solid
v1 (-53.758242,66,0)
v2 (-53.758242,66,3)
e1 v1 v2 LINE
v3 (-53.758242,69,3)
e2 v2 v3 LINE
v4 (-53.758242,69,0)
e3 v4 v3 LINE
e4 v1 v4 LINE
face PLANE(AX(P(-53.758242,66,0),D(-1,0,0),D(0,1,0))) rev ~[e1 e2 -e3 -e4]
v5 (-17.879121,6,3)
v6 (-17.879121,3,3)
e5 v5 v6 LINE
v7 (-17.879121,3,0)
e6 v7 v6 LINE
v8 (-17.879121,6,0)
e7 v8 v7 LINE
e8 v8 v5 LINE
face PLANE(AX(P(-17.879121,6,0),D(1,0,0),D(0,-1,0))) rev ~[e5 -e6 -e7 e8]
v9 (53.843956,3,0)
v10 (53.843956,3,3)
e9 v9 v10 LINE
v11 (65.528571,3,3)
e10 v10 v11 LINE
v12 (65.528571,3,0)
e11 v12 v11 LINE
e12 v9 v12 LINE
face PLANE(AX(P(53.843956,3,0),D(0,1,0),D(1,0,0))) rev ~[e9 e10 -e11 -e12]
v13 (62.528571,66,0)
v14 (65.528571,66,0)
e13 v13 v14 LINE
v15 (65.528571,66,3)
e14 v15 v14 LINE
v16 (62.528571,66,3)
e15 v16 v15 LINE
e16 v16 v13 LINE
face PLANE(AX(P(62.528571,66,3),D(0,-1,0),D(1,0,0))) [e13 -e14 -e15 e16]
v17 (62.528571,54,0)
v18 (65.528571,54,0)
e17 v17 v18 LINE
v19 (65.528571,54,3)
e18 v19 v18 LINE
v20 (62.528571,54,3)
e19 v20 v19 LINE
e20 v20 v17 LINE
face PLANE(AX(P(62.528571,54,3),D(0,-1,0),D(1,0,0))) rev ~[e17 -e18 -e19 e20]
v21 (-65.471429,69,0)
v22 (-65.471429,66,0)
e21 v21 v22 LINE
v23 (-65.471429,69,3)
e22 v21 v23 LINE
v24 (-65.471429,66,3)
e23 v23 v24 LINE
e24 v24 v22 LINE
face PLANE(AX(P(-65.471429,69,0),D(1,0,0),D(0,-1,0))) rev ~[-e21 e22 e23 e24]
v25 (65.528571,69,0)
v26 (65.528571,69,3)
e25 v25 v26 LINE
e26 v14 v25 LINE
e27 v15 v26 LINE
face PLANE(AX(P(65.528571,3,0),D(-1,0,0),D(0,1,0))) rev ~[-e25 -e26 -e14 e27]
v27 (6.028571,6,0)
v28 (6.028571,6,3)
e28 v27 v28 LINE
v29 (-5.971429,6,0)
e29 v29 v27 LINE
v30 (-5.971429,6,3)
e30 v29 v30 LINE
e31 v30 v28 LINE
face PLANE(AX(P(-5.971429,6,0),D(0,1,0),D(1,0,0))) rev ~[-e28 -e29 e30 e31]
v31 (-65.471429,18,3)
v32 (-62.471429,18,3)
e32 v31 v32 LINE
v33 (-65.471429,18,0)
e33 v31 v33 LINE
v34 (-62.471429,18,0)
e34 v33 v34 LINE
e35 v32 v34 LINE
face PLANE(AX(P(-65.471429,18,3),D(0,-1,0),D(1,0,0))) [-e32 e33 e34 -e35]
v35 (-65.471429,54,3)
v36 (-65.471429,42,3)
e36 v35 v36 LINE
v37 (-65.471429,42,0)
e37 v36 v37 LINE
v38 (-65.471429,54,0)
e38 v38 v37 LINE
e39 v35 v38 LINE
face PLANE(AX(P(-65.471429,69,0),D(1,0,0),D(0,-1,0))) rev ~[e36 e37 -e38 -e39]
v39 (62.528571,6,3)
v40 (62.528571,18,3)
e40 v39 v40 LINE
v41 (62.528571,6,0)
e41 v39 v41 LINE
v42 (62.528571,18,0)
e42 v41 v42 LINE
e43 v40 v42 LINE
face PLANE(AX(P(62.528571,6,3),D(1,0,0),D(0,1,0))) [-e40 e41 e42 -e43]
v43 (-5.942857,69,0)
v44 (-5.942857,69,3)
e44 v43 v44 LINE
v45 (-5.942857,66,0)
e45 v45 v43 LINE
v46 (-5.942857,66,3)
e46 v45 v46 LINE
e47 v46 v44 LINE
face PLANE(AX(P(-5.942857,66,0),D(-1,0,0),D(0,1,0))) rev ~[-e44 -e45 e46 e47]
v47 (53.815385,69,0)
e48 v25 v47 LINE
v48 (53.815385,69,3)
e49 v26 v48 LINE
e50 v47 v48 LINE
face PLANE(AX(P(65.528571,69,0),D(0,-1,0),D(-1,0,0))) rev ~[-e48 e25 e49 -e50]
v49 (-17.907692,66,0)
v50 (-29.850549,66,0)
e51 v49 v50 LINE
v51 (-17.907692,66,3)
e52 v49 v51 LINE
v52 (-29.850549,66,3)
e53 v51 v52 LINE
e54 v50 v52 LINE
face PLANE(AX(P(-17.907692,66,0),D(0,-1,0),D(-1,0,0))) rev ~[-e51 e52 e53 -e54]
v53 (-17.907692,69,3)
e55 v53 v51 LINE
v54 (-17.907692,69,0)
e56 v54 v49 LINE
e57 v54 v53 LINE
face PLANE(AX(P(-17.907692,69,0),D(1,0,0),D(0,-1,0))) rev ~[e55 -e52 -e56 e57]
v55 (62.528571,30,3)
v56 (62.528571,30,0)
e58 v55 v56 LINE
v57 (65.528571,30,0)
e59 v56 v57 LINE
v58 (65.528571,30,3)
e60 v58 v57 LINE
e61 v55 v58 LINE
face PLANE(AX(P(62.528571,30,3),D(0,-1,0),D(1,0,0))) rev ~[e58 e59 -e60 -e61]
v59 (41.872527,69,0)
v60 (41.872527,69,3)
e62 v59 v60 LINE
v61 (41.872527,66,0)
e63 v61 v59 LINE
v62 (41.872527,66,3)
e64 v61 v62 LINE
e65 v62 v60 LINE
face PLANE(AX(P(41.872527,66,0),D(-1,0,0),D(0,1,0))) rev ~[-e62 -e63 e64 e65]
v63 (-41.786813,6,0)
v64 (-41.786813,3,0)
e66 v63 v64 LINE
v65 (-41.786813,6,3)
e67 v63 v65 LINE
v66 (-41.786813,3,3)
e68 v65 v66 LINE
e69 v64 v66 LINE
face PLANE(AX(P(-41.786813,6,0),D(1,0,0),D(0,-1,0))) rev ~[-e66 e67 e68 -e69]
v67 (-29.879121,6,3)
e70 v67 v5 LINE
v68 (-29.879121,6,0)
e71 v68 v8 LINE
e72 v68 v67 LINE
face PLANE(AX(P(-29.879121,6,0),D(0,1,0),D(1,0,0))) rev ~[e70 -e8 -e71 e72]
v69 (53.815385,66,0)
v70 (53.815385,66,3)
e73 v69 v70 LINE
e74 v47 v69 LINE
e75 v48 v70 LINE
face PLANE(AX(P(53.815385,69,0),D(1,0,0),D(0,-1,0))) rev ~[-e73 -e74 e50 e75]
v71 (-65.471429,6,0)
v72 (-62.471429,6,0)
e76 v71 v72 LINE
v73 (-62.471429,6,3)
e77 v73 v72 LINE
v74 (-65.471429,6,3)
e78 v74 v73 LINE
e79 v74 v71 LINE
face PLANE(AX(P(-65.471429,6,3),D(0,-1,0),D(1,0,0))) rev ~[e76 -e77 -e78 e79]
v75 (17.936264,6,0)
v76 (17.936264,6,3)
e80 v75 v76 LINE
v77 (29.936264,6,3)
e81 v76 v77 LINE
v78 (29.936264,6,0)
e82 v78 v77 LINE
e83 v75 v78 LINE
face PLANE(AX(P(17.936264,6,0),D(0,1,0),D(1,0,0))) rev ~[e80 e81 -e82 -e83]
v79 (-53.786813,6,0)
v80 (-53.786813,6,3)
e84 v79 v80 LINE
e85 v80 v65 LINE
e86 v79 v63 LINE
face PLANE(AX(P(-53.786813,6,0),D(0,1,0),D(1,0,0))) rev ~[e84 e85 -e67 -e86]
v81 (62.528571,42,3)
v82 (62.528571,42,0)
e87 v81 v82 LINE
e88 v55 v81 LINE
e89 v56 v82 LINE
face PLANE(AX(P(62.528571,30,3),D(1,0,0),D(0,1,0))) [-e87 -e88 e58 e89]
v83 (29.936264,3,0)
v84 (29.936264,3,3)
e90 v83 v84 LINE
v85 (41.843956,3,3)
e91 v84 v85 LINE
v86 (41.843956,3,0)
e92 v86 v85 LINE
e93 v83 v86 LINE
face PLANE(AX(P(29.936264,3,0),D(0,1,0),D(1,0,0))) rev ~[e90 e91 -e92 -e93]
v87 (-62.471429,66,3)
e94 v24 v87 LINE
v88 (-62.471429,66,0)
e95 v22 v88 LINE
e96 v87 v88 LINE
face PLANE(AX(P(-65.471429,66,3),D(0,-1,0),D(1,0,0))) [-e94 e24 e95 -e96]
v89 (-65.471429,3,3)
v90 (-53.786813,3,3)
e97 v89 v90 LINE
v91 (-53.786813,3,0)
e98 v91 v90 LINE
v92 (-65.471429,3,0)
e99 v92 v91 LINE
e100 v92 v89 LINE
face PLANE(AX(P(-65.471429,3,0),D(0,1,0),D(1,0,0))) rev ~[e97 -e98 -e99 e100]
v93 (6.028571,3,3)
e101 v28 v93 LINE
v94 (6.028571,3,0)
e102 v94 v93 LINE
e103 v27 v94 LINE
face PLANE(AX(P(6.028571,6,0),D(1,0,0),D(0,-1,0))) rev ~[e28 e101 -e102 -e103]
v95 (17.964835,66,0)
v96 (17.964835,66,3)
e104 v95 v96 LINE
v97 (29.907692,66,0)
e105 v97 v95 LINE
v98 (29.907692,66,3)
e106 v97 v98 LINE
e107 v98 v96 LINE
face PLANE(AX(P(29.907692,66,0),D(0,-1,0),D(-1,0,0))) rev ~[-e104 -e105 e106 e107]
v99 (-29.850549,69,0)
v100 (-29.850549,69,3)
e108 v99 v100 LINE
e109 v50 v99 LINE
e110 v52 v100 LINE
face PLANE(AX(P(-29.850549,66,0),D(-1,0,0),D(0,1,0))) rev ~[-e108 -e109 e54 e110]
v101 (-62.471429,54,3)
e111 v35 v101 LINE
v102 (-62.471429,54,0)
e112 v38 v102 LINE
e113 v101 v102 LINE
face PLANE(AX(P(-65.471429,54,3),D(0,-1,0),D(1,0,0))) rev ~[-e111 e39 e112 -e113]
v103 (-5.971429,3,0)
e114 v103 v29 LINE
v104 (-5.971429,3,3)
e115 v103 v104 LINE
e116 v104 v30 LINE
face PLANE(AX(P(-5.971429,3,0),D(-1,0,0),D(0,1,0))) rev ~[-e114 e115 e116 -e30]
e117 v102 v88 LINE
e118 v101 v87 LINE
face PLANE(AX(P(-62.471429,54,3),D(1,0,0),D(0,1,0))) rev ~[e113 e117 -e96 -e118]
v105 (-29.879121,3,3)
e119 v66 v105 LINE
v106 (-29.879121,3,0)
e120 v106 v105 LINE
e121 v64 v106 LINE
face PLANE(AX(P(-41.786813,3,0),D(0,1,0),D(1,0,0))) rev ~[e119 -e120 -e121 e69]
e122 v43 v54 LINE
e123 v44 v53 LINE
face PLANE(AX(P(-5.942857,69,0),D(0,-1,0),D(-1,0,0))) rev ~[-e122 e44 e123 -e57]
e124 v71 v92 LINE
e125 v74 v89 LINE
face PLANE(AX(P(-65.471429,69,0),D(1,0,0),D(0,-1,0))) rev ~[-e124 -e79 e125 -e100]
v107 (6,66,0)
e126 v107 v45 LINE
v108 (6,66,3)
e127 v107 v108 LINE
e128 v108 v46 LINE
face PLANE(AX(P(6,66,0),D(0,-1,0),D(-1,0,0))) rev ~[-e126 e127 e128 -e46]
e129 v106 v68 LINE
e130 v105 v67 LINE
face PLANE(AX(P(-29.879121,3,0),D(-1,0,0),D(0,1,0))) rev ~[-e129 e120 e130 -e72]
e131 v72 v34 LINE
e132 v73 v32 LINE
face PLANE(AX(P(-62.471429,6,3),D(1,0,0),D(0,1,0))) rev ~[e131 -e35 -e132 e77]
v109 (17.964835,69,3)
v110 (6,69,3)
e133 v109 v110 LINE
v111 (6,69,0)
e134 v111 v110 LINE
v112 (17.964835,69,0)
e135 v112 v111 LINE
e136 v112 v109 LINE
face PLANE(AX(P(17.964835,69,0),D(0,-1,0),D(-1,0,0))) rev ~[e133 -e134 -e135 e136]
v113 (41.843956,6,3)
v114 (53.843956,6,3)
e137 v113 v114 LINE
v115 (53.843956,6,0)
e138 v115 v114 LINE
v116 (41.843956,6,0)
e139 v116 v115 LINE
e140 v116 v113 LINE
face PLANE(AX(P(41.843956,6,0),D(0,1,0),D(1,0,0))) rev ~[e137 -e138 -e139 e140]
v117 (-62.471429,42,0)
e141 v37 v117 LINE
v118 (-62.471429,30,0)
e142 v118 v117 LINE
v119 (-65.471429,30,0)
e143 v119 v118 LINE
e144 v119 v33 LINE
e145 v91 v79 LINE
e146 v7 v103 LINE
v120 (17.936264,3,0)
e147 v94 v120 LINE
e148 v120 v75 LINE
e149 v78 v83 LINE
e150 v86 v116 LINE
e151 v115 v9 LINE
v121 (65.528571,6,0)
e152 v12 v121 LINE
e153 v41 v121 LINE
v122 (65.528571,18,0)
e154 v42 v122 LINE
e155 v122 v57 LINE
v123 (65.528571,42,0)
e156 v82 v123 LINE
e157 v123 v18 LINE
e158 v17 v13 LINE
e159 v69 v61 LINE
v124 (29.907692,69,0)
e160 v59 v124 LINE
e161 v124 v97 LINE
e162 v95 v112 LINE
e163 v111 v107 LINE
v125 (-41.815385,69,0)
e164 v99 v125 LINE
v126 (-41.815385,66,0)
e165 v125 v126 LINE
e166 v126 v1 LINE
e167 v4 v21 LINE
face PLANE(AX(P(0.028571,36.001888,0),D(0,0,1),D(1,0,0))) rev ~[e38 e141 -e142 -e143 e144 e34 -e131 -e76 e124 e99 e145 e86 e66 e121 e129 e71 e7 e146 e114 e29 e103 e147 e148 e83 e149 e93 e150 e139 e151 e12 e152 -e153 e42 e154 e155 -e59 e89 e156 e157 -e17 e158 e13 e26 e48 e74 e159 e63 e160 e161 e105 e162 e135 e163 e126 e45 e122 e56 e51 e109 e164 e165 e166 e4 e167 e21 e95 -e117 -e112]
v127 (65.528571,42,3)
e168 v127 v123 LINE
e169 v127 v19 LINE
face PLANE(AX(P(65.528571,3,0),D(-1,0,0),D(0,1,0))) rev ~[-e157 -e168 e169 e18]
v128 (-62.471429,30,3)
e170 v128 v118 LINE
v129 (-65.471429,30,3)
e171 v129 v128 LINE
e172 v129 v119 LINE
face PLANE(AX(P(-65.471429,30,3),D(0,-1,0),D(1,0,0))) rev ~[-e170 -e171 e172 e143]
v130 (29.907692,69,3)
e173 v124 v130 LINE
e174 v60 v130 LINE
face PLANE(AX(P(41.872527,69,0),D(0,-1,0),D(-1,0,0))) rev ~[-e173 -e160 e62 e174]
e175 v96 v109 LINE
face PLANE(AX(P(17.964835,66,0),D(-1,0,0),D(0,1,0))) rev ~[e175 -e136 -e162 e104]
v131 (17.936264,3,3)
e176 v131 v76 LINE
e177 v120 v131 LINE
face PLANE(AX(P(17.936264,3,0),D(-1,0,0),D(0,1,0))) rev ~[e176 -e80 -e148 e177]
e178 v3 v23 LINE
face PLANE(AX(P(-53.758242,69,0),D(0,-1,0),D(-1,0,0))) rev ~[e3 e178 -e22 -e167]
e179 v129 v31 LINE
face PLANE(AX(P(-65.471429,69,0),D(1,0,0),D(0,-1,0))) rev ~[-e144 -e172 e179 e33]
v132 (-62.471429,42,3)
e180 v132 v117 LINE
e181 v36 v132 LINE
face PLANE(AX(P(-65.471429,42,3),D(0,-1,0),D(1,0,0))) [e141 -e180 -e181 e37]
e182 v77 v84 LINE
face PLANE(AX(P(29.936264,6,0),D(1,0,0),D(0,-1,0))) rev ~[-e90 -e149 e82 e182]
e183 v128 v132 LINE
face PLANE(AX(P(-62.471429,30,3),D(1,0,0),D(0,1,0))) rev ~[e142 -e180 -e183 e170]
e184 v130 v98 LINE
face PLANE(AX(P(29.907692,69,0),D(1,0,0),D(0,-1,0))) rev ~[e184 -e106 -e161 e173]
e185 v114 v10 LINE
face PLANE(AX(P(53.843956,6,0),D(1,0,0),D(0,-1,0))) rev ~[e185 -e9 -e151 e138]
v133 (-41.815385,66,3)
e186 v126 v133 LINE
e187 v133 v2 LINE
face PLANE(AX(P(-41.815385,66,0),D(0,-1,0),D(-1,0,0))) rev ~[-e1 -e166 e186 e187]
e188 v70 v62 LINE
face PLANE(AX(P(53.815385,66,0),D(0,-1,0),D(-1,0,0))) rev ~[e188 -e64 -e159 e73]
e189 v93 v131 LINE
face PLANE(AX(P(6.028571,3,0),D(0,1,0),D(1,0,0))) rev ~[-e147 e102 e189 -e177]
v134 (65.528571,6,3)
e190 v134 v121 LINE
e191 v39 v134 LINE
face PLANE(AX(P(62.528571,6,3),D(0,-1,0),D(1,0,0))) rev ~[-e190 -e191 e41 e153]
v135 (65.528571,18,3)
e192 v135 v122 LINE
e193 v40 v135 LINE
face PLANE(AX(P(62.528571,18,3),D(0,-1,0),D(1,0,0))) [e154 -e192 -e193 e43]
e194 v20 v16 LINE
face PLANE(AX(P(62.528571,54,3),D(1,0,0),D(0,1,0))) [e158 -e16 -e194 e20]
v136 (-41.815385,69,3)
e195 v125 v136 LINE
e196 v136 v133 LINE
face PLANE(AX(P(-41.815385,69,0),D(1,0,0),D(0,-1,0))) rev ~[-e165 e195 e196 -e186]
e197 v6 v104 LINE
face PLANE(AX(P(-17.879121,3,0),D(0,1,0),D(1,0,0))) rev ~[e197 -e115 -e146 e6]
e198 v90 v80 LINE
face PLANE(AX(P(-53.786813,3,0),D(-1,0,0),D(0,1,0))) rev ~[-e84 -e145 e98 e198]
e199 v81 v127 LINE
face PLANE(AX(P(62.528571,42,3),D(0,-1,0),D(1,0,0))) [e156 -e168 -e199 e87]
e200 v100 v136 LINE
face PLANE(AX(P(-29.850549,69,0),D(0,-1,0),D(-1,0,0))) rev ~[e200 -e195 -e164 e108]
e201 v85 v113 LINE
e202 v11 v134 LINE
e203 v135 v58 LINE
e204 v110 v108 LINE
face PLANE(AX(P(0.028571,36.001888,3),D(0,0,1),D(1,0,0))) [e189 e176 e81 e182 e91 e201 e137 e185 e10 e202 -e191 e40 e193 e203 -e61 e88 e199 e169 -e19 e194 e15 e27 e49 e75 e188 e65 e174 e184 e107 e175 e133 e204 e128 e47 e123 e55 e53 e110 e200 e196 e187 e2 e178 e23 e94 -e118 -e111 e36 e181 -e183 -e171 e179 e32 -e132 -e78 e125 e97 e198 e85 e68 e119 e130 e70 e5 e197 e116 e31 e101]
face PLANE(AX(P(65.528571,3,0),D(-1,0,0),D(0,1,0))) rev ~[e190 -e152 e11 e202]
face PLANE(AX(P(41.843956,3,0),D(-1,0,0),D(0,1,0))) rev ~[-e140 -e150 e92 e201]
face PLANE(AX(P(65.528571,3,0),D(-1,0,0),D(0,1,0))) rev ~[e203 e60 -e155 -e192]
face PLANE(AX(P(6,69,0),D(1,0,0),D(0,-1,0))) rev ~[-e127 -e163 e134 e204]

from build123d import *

# Parameters (mm, degrees)
BOSS_EXTRUDE1_DEPTH = 3
SKETCH3_W           = 3
SKETCH3_H           = 12
CUT_EXTRUDE1_DEPTH  = 6


with BuildPart() as part:
    # Sketch2 → Boss-Extrude1 (new body)
    with BuildSketch(Plane.XY):
        Polygon((-65.471428571, 3), (-53.786813187, 3), (-53.786813187, 6), (-41.786813187, 6), (-41.786813187, 3), (-29.879120879, 3), (-29.879120879, 6), (-17.879120879, 6), (-17.879120879, 3), (-5.971428571, 3), (-5.971428571, 6), (6.028571429, 6), (6.028571429, 3), (17.936263736, 3), (17.936263736, 6), (29.936263736, 6), (29.936263736, 3), (41.843956044, 3), (41.843956044, 6), (53.843956044, 6), (53.843956044, 3), (65.528571429, 3), (65.528571429, 69), (53.815384615, 69), (53.815384615, 66), (41.872527473, 66), (41.872527473, 69), (29.907692308, 69), (29.907692308, 66), (17.964835165, 66), (17.964835165, 69), (6, 69), (6, 66), (-5.942857143, 66), (-5.942857143, 69), (-17.907692308, 69), (-17.907692308, 66), (-29.850549451, 66), (-29.850549451, 69), (-41.815384615, 69), (-41.815384615, 66), (-53.758241758, 66), (-53.758241758, 69), (-65.471428571, 69), align=None)
    extrude(amount=BOSS_EXTRUDE1_DEPTH)

    # Sketch3 → Cut-Extrude1 (cut)
    with BuildSketch(Plane.XY.offset(3)):
        with Locations((-63.971428571, 60)):
            Rectangle(SKETCH3_W, SKETCH3_H)
        with Locations((-63.971428571, 12)):
            Rectangle(SKETCH3_W, SKETCH3_H)
        with Locations((64.028571429, 36)):
            Rectangle(SKETCH3_W, SKETCH3_H)
        with Locations((64.028571429, 12)):
            Rectangle(SKETCH3_W, SKETCH3_H)
        with Locations((-63.971428571, 36)):
            Rectangle(SKETCH3_W, SKETCH3_H)
        with Locations((64.028571429, 60)):
            Rectangle(SKETCH3_W, SKETCH3_H)
    extrude(amount=-CUT_EXTRUDE1_DEPTH, mode=Mode.SUBTRACT)


solid = part.part
